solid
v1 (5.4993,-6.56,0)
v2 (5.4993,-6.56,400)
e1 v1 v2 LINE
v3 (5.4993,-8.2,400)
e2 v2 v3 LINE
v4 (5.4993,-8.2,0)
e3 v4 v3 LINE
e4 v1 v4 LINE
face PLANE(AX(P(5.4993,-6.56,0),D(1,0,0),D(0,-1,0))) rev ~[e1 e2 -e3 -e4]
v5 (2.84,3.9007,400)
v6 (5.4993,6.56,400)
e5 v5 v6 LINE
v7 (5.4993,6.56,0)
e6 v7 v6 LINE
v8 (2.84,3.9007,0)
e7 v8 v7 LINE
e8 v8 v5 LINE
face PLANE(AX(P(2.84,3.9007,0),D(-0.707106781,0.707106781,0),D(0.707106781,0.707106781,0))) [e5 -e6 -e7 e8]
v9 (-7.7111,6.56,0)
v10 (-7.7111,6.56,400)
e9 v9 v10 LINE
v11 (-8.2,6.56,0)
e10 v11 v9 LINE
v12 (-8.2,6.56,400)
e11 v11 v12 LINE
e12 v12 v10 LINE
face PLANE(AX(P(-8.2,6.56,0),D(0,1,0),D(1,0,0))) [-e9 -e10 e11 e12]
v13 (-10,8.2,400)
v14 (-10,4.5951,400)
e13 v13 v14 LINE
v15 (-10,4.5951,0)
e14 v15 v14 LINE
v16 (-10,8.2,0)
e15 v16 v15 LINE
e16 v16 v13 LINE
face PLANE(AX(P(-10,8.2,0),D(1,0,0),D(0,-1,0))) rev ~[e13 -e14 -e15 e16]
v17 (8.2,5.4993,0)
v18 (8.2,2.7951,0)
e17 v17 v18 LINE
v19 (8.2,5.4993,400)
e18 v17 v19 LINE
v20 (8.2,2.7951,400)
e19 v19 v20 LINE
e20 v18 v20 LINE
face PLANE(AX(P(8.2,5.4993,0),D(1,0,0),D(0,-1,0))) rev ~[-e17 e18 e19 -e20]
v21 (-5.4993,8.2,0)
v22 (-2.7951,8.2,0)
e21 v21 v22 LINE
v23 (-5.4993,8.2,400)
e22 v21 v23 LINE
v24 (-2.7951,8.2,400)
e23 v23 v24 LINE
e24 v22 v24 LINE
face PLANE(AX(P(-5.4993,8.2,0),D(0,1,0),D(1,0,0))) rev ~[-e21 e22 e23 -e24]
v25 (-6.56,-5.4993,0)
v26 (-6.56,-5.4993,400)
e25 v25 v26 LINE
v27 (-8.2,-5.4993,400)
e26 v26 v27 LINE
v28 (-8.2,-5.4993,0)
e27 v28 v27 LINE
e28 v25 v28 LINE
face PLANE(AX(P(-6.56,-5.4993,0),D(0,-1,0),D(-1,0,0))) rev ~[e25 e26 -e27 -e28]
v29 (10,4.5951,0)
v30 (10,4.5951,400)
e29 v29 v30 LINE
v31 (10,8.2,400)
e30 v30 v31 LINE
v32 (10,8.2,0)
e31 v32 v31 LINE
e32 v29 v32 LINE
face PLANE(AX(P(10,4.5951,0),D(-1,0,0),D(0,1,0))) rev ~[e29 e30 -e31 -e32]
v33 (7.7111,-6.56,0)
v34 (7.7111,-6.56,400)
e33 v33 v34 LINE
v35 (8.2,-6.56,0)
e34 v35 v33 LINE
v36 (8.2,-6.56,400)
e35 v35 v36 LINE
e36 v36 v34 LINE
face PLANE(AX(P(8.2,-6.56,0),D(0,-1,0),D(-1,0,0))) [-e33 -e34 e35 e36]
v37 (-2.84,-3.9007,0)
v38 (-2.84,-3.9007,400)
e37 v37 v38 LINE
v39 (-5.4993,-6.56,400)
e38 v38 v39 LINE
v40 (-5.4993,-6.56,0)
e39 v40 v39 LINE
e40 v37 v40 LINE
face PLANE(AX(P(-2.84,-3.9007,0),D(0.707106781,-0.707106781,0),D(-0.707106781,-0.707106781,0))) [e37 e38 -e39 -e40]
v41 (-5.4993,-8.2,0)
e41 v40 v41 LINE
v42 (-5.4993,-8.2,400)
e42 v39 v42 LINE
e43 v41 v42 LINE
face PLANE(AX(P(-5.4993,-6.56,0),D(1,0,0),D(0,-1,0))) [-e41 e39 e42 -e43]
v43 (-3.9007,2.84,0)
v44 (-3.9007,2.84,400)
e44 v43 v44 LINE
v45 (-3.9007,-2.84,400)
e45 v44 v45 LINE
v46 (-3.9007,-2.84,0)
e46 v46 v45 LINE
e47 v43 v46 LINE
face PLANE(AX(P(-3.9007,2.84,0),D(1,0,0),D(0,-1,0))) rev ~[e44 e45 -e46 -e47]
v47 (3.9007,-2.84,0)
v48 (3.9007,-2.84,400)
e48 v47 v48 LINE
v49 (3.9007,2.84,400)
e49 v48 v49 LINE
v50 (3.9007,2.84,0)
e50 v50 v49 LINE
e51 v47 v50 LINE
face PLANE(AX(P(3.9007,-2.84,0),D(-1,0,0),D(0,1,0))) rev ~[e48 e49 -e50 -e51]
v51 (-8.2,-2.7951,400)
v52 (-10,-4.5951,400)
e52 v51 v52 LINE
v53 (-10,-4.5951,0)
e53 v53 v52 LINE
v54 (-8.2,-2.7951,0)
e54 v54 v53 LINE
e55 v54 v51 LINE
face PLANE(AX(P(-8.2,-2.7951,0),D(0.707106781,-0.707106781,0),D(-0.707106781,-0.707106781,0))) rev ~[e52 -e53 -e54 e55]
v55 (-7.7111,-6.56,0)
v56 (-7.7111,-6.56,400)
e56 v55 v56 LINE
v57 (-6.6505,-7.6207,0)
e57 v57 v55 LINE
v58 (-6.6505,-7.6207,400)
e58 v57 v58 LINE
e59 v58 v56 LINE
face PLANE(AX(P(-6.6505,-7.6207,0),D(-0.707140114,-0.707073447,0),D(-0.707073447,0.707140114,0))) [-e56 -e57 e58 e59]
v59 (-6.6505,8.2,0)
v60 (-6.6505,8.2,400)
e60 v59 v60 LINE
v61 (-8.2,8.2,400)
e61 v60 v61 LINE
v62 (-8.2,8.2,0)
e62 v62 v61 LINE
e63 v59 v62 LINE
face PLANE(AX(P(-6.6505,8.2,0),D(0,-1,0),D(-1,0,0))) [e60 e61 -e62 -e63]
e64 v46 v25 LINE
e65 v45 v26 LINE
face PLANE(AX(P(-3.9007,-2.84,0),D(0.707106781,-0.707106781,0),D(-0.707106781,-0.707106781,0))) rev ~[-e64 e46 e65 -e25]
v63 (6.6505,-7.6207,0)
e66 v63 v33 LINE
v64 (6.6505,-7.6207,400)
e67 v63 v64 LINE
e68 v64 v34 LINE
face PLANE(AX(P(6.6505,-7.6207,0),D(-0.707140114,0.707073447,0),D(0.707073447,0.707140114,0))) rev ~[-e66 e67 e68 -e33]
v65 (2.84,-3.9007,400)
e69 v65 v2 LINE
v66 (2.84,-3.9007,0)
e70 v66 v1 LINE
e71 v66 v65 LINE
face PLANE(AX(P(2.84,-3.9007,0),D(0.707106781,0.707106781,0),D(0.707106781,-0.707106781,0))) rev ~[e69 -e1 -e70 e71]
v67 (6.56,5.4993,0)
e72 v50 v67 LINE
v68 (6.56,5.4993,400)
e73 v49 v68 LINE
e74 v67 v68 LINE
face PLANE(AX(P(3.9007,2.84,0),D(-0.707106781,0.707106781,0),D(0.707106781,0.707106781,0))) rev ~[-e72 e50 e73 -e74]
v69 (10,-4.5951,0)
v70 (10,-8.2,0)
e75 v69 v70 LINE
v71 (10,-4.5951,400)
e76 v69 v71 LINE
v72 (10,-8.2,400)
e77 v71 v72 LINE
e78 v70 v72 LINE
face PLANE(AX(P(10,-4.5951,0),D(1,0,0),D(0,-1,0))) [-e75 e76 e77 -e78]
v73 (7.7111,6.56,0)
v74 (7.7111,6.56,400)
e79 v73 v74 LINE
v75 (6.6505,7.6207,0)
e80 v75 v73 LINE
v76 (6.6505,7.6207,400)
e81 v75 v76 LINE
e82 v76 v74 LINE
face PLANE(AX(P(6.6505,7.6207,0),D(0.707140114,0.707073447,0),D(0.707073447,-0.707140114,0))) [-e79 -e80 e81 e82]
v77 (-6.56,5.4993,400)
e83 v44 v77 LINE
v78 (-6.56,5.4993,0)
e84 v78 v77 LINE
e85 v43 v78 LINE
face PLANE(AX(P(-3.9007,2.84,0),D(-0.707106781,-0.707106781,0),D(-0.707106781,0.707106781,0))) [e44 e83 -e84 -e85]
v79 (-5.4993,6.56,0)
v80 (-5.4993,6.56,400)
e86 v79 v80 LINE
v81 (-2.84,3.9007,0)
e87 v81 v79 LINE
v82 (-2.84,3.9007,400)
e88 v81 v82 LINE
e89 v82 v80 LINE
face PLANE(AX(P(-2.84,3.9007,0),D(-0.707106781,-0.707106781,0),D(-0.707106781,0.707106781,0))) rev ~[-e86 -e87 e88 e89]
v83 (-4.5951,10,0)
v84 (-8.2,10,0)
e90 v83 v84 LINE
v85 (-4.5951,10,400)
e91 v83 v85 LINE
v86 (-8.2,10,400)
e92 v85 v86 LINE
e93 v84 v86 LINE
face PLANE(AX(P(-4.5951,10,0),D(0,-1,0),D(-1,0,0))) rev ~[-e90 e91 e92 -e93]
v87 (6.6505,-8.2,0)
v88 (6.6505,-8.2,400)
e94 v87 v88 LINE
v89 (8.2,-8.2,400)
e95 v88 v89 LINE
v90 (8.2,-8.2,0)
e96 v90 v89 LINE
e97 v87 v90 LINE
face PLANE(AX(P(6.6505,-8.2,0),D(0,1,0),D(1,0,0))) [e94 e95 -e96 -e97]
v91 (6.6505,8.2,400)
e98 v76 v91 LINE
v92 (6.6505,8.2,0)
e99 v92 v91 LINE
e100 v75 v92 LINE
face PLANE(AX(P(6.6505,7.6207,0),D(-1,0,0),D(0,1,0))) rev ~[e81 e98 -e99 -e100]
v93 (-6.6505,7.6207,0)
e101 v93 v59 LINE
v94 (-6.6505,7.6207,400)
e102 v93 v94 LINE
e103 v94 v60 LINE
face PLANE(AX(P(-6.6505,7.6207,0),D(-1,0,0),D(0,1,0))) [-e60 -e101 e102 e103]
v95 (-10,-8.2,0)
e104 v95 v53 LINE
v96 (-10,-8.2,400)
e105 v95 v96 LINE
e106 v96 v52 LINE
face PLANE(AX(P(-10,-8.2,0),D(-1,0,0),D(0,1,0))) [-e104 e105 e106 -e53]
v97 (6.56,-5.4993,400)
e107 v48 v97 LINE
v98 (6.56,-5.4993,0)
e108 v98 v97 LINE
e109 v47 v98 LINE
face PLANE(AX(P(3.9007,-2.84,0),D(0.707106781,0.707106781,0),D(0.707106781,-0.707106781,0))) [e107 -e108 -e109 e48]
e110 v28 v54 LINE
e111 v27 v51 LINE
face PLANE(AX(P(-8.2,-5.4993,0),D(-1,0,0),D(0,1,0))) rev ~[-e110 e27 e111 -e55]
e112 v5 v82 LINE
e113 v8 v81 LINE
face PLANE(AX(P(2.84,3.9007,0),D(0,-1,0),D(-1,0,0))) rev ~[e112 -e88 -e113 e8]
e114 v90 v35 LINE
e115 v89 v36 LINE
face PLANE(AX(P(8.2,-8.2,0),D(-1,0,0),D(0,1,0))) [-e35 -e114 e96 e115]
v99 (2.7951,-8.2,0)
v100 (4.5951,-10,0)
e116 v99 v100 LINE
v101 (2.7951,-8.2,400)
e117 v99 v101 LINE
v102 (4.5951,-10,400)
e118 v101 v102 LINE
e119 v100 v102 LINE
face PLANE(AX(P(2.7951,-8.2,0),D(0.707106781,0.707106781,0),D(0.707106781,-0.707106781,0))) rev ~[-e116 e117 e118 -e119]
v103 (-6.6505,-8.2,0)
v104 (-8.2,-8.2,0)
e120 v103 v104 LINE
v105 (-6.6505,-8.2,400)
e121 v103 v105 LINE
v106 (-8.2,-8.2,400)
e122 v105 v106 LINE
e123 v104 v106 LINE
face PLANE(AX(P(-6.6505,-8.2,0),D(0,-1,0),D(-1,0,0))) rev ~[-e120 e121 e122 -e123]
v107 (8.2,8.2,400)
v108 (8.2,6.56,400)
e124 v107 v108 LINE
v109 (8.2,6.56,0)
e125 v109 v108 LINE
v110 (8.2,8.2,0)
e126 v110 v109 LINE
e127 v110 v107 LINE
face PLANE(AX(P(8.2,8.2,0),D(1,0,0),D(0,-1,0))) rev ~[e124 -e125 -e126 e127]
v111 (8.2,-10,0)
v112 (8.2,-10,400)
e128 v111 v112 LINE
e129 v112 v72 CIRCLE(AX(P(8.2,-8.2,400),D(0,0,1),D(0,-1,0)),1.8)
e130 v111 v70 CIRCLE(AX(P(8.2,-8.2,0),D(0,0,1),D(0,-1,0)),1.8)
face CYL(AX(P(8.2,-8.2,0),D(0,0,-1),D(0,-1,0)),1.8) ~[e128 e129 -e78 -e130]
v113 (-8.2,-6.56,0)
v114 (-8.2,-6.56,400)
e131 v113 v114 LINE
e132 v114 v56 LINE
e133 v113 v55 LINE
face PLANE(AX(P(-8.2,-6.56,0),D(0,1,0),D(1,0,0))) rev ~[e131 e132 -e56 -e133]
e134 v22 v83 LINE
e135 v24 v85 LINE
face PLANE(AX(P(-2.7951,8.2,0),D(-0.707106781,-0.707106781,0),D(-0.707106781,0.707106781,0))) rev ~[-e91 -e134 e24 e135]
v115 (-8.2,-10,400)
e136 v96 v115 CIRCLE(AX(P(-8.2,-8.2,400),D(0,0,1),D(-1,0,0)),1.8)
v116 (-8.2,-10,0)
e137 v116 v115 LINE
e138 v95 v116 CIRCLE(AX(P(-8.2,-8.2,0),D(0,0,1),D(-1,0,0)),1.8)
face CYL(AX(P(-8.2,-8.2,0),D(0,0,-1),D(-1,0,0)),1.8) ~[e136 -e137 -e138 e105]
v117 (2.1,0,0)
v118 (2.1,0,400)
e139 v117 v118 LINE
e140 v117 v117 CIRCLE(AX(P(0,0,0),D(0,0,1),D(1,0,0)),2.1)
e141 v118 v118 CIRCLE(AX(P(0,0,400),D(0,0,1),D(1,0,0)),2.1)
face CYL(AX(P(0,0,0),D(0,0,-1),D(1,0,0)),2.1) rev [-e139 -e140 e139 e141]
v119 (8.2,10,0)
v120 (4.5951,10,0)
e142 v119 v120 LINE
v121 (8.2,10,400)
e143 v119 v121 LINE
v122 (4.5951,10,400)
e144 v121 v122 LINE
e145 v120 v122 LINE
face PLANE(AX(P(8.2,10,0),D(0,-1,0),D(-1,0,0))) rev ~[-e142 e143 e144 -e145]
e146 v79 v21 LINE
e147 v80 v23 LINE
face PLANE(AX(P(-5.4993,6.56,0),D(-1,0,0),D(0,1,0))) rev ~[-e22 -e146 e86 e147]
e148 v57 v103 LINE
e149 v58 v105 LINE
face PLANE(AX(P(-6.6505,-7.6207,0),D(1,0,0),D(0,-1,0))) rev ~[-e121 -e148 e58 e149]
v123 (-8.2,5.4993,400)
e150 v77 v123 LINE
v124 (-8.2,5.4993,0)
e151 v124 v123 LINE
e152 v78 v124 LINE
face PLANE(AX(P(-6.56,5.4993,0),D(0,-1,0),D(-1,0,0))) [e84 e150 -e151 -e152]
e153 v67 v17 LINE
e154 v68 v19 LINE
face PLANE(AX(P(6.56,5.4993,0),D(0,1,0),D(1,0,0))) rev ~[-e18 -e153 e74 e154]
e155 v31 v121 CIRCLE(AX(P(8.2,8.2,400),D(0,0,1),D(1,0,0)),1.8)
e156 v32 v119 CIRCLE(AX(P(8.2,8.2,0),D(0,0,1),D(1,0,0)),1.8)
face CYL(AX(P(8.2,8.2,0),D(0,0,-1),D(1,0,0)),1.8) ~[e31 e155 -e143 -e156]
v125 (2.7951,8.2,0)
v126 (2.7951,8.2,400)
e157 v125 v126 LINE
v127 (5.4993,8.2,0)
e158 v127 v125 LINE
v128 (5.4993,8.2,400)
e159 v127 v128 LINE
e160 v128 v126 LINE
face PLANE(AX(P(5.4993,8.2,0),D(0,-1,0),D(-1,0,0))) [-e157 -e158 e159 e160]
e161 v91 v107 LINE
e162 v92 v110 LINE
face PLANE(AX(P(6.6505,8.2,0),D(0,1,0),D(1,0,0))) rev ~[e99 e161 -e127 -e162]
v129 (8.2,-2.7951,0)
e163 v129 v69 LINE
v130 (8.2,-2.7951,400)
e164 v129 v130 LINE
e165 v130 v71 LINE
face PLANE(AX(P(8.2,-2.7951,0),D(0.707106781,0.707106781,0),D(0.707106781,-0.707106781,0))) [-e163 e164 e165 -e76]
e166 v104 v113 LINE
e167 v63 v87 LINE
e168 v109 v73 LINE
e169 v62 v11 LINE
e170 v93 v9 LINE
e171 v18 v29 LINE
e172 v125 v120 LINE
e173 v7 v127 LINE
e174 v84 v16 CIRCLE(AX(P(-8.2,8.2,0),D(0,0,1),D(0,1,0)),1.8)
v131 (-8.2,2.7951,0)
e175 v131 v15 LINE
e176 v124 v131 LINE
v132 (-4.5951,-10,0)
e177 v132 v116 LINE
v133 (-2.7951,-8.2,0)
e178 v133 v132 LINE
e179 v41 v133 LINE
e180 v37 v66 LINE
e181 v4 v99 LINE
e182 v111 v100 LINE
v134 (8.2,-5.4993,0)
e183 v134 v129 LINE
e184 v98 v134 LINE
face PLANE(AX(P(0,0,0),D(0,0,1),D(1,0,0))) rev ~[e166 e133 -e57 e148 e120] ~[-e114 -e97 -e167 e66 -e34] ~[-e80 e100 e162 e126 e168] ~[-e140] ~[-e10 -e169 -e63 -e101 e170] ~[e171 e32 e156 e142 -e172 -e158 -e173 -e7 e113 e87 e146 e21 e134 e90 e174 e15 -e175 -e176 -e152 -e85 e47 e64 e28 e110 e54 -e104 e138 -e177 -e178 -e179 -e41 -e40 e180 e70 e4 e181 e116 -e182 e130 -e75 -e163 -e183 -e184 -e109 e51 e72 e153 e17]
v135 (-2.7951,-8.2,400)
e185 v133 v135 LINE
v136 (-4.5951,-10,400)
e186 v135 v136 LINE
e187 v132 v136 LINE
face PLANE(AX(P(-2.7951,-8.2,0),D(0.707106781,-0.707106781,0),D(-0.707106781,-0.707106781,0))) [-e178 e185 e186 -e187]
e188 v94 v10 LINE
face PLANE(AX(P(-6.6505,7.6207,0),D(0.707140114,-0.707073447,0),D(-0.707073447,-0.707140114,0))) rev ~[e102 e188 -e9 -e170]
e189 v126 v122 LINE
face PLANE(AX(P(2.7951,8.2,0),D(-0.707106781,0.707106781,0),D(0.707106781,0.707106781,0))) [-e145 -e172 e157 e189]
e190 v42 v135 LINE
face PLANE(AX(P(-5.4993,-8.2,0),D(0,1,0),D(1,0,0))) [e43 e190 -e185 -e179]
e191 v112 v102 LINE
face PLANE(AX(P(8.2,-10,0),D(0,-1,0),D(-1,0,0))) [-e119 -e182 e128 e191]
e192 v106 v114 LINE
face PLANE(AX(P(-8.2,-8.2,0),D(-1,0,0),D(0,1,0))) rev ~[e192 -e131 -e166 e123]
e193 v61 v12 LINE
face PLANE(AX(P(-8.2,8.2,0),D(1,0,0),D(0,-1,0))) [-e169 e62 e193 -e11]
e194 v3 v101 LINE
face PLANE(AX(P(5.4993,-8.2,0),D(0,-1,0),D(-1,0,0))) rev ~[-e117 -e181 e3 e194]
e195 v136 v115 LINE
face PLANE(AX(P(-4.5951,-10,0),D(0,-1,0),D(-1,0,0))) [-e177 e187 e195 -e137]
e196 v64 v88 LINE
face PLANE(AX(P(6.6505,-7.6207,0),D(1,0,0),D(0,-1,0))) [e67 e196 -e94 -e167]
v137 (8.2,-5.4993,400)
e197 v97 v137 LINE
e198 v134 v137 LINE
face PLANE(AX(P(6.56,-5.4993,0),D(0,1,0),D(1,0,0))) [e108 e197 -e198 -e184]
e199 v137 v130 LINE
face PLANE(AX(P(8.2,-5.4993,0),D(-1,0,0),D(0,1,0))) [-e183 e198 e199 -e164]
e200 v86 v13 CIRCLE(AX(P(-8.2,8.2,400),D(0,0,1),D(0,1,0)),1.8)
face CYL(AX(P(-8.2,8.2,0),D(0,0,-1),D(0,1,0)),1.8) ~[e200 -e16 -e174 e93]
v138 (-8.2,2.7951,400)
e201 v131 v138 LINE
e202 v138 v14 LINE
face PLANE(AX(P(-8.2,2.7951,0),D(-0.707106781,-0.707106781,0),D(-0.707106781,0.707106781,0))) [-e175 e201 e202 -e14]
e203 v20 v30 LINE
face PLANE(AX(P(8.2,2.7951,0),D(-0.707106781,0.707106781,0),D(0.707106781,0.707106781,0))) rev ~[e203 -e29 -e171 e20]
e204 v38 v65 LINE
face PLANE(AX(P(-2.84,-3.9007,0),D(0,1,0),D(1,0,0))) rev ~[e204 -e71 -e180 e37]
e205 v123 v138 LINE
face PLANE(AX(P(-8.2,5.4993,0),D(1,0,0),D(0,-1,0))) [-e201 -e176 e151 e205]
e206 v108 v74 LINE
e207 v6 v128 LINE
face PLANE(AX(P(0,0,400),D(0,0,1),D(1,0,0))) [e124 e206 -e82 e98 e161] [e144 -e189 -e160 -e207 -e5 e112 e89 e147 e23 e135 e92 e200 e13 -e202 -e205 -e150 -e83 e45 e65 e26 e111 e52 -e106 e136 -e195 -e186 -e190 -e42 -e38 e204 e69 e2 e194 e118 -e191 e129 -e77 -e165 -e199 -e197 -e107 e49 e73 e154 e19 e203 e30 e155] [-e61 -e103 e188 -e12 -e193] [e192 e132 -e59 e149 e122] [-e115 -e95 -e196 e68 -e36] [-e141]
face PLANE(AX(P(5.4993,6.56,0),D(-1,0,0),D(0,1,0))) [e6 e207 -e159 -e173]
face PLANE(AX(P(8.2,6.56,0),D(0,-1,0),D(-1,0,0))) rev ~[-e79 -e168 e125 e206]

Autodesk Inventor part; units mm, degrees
ref_plane "YZ Plane" through (0, 0, 0) normal (1, 0, 0) x (0, 1, 0)
ref_plane "Start Plane" through (0, 0, 0) normal (0, 0, 1) x (1, 0, 0)
ref_plane "End Plane" through (0, 0, 400) normal (0, 0, 1) x (1, 0, 0)
sketch "Sketch1" plane through (0, 0, 0) normal (0, 0, 1) x (1, 0, 0)
  line L0 (10, -4.5951) -> (10, -8.2)
  line L1 (-10, -8.2) -> (-10, -4.5951)
  line L2 (-10, 10) -> (10, -10) construction
  line L3 (10, 10) -> (-10, -10) construction
  circle A0 centre (0, 0) radius 2.1
  line L4 (-2.84, -3.9007) -> (2.84, -3.9007)
  line L5 (3.9007, -2.84) -> (3.9007, 2.84)
  line L6 (2.84, 3.9007) -> (-2.84, 3.9007)
  line L7 (-3.9007, 2.84) -> (-3.9007, -2.84)
  line L8 (-3.9007, -3.9007) -> (3.9007, 3.9007) construction
  line L9 (3.9007, -3.9007) -> (-3.9007, 3.9007) construction
  line L10 (-3.9007, -2.84) -> (-2.84, -3.9007) construction
  line L11 (-2.84, -3.9007) -> (-5.4993, -6.56)
  line L12 (-5.4993, -6.56) -> (-5.4993, -8.2)
  line L13 (-5.4993, -8.2) -> (-2.7951, -8.2)
  line L14 (-2.7951, -8.2) -> (-4.5951, -10)
  line L15 (0, 0) -> (0, -3.9007) construction
  line L16 (3.9007, -2.84) -> (2.84, -3.9007) construction
  line L17 (2.84, -3.9007) -> (5.4993, -6.56)
  line L18 (5.4993, -6.56) -> (5.4993, -8.2)
  line L19 (5.4993, -8.2) -> (2.7951, -8.2)
  line L20 (2.7951, -8.2) -> (4.5951, -10)
  line L21 (-2.84, -3.9007) -> (-3.9007, -2.84) construction
  line L22 (-3.9007, -2.84) -> (-6.56, -5.4993)
  line L23 (-6.56, -5.4993) -> (-8.2, -5.4993)
  line L24 (-8.2, -5.4993) -> (-8.2, -2.7951)
  line L25 (-8.2, -2.7951) -> (-10, -4.5951)
  line L26 (3.9007, -2.84) -> (6.56, -5.4993)
  line L27 (6.56, -5.4993) -> (8.2, -5.4993)
  line L28 (8.2, -5.4993) -> (8.2, -2.7951)
  line L29 (8.2, -2.7951) -> (10, -4.5951)
  arc A1 (-10, -8.2) -> (-8.2, -10) centre (-8.2, -8.2) ccw
  arc A2 (8.2, -10) -> (10, -8.2) centre (8.2, -8.2) ccw
  line L30 (-8.2, -6.56) -> (-7.7111, -6.56)
  line L31 (-6.6505, -8.2) -> (-8.2, -8.2)
  line L32 (-8.2, -8.2) -> (-8.2, -6.56)
  line L33 (-6.6505, -7.6207) -> (-7.7111, -6.56)
  line L34 (-6.6505, -7.6207) -> (-6.6505, -8.2)
  line L35 (8.2, -6.56) -> (7.7111, -6.56)
  line L36 (6.6505, -8.2) -> (8.2, -8.2)
  line L37 (8.2, -8.2) -> (8.2, -6.56)
  line L38 (6.6505, -7.6207) -> (7.7111, -6.56)
  line L39 (6.6505, -7.6207) -> (6.6505, -8.2)
  line L40 (8.2, -10) -> (4.5951, -10)
  line L41 (-4.5951, -10) -> (-8.2, -10)
  line L42 (-3.9007, 0) -> (3.9007, 0) construction
  line L43 (10, 4.5951) -> (10, 8.2)
  line L44 (-10, 8.2) -> (-10, 4.5951)
  line L45 (-2.84, 3.9007) -> (2.84, 3.9007)
  line L46 (-3.9007, 2.84) -> (-2.84, 3.9007) construction
  line L47 (-2.84, 3.9007) -> (-5.4993, 6.56)
  line L48 (-5.4993, 6.56) -> (-5.4993, 8.2)
  line L49 (-5.4993, 8.2) -> (-2.7951, 8.2)
  line L50 (-2.7951, 8.2) -> (-4.5951, 10)
  line L51 (2.84, 3.9007) -> (5.4993, 6.56)
  line L52 (5.4993, 6.56) -> (5.4993, 8.2)
  line L53 (5.4993, 8.2) -> (2.7951, 8.2)
  line L54 (2.7951, 8.2) -> (4.5951, 10)
  line L55 (3.9007, 2.84) -> (2.84, 3.9007) construction
  line L56 (-8.2, 2.7951) -> (-10, 4.5951)
  line L57 (-2.84, 3.9007) -> (-3.9007, 2.84) construction
  line L58 (-3.9007, 2.84) -> (-6.56, 5.4993)
  line L59 (-6.56, 5.4993) -> (-8.2, 5.4993)
  line L60 (-8.2, 5.4993) -> (-8.2, 2.7951)
  line L61 (3.9007, 2.84) -> (6.56, 5.4993)
  line L62 (6.56, 5.4993) -> (8.2, 5.4993)
  line L63 (8.2, 5.4993) -> (8.2, 2.7951)
  line L64 (8.2, 2.7951) -> (10, 4.5951)
  arc A3 (-8.2, 10) -> (-10, 8.2) centre (-8.2, 8.2) ccw
  arc A4 (10, 8.2) -> (8.2, 10) centre (8.2, 8.2) ccw
  line L65 (-8.2, 6.56) -> (-7.7111, 6.56)
  line L66 (-6.6505, 8.2) -> (-8.2, 8.2)
  line L67 (-8.2, 8.2) -> (-8.2, 6.56)
  line L68 (-6.6505, 7.6207) -> (-7.7111, 6.56)
  line L69 (-6.6505, 7.6207) -> (-6.6505, 8.2)
  line L70 (8.2, 6.56) -> (7.7111, 6.56)
  line L71 (6.6505, 7.6207) -> (7.7111, 6.56)
  line L72 (8.2, 8.2) -> (8.2, 6.56)
  line L73 (6.6505, 7.6207) -> (6.6505, 8.2)
  line L74 (6.6505, 8.2) -> (8.2, 8.2)
  line L75 (8.2, 10) -> (4.5951, 10)
  line L76 (-4.5951, 10) -> (-8.2, 10)
  line L77 (-8.2, 10) -> (-4.5951, 10)
  line L78 (4.5951, 10) -> (8.2, 10)
  point P0 (8.2, -8.2)
  point P1 (0, 3.9007)
  point P2 (8.2, 8.2)
  dimension "Width" = 20
  dimension "Height" = 20
  dimension "d2" = 4.2
  dimension "d3" = 1.5
  dimension "d4" = 1.64
  dimension "d6" = 5.68
  dimension "d7" = 1.8
  dimension "d9" = 1.5
extrude "Body" add sketch "Sketch1" along normal up to surface (400 mm away) from surface at 0
sketch "Sketch4" plane through (0, 0, 0) normal (0, 0, 1) x (1, 0, 0)
  line L0 (0, 0) -> (10, 0)
ref_plane "Work Plane4" through (0, 0, 0) normal (0, -1, 0) x (1, 0, 0)
sketch "Sketch5" plane through (0, 0, 0) normal (0, -1, 0) x (1, 0, 0)
  line L0 (-2, 0) -> (12, 0) construction
  line L1 (-2, 400) -> (12, 400) construction
  dimension "d17" = 400
equation "\"G_OFFSET_START\" = 0"
equation "\"G_OFFSET_END\" = 0"
equation "\"G_L\" = d17"
properties part number "400 mm V-Slot 20mm x 20mm" material "Aluminum 6061"
